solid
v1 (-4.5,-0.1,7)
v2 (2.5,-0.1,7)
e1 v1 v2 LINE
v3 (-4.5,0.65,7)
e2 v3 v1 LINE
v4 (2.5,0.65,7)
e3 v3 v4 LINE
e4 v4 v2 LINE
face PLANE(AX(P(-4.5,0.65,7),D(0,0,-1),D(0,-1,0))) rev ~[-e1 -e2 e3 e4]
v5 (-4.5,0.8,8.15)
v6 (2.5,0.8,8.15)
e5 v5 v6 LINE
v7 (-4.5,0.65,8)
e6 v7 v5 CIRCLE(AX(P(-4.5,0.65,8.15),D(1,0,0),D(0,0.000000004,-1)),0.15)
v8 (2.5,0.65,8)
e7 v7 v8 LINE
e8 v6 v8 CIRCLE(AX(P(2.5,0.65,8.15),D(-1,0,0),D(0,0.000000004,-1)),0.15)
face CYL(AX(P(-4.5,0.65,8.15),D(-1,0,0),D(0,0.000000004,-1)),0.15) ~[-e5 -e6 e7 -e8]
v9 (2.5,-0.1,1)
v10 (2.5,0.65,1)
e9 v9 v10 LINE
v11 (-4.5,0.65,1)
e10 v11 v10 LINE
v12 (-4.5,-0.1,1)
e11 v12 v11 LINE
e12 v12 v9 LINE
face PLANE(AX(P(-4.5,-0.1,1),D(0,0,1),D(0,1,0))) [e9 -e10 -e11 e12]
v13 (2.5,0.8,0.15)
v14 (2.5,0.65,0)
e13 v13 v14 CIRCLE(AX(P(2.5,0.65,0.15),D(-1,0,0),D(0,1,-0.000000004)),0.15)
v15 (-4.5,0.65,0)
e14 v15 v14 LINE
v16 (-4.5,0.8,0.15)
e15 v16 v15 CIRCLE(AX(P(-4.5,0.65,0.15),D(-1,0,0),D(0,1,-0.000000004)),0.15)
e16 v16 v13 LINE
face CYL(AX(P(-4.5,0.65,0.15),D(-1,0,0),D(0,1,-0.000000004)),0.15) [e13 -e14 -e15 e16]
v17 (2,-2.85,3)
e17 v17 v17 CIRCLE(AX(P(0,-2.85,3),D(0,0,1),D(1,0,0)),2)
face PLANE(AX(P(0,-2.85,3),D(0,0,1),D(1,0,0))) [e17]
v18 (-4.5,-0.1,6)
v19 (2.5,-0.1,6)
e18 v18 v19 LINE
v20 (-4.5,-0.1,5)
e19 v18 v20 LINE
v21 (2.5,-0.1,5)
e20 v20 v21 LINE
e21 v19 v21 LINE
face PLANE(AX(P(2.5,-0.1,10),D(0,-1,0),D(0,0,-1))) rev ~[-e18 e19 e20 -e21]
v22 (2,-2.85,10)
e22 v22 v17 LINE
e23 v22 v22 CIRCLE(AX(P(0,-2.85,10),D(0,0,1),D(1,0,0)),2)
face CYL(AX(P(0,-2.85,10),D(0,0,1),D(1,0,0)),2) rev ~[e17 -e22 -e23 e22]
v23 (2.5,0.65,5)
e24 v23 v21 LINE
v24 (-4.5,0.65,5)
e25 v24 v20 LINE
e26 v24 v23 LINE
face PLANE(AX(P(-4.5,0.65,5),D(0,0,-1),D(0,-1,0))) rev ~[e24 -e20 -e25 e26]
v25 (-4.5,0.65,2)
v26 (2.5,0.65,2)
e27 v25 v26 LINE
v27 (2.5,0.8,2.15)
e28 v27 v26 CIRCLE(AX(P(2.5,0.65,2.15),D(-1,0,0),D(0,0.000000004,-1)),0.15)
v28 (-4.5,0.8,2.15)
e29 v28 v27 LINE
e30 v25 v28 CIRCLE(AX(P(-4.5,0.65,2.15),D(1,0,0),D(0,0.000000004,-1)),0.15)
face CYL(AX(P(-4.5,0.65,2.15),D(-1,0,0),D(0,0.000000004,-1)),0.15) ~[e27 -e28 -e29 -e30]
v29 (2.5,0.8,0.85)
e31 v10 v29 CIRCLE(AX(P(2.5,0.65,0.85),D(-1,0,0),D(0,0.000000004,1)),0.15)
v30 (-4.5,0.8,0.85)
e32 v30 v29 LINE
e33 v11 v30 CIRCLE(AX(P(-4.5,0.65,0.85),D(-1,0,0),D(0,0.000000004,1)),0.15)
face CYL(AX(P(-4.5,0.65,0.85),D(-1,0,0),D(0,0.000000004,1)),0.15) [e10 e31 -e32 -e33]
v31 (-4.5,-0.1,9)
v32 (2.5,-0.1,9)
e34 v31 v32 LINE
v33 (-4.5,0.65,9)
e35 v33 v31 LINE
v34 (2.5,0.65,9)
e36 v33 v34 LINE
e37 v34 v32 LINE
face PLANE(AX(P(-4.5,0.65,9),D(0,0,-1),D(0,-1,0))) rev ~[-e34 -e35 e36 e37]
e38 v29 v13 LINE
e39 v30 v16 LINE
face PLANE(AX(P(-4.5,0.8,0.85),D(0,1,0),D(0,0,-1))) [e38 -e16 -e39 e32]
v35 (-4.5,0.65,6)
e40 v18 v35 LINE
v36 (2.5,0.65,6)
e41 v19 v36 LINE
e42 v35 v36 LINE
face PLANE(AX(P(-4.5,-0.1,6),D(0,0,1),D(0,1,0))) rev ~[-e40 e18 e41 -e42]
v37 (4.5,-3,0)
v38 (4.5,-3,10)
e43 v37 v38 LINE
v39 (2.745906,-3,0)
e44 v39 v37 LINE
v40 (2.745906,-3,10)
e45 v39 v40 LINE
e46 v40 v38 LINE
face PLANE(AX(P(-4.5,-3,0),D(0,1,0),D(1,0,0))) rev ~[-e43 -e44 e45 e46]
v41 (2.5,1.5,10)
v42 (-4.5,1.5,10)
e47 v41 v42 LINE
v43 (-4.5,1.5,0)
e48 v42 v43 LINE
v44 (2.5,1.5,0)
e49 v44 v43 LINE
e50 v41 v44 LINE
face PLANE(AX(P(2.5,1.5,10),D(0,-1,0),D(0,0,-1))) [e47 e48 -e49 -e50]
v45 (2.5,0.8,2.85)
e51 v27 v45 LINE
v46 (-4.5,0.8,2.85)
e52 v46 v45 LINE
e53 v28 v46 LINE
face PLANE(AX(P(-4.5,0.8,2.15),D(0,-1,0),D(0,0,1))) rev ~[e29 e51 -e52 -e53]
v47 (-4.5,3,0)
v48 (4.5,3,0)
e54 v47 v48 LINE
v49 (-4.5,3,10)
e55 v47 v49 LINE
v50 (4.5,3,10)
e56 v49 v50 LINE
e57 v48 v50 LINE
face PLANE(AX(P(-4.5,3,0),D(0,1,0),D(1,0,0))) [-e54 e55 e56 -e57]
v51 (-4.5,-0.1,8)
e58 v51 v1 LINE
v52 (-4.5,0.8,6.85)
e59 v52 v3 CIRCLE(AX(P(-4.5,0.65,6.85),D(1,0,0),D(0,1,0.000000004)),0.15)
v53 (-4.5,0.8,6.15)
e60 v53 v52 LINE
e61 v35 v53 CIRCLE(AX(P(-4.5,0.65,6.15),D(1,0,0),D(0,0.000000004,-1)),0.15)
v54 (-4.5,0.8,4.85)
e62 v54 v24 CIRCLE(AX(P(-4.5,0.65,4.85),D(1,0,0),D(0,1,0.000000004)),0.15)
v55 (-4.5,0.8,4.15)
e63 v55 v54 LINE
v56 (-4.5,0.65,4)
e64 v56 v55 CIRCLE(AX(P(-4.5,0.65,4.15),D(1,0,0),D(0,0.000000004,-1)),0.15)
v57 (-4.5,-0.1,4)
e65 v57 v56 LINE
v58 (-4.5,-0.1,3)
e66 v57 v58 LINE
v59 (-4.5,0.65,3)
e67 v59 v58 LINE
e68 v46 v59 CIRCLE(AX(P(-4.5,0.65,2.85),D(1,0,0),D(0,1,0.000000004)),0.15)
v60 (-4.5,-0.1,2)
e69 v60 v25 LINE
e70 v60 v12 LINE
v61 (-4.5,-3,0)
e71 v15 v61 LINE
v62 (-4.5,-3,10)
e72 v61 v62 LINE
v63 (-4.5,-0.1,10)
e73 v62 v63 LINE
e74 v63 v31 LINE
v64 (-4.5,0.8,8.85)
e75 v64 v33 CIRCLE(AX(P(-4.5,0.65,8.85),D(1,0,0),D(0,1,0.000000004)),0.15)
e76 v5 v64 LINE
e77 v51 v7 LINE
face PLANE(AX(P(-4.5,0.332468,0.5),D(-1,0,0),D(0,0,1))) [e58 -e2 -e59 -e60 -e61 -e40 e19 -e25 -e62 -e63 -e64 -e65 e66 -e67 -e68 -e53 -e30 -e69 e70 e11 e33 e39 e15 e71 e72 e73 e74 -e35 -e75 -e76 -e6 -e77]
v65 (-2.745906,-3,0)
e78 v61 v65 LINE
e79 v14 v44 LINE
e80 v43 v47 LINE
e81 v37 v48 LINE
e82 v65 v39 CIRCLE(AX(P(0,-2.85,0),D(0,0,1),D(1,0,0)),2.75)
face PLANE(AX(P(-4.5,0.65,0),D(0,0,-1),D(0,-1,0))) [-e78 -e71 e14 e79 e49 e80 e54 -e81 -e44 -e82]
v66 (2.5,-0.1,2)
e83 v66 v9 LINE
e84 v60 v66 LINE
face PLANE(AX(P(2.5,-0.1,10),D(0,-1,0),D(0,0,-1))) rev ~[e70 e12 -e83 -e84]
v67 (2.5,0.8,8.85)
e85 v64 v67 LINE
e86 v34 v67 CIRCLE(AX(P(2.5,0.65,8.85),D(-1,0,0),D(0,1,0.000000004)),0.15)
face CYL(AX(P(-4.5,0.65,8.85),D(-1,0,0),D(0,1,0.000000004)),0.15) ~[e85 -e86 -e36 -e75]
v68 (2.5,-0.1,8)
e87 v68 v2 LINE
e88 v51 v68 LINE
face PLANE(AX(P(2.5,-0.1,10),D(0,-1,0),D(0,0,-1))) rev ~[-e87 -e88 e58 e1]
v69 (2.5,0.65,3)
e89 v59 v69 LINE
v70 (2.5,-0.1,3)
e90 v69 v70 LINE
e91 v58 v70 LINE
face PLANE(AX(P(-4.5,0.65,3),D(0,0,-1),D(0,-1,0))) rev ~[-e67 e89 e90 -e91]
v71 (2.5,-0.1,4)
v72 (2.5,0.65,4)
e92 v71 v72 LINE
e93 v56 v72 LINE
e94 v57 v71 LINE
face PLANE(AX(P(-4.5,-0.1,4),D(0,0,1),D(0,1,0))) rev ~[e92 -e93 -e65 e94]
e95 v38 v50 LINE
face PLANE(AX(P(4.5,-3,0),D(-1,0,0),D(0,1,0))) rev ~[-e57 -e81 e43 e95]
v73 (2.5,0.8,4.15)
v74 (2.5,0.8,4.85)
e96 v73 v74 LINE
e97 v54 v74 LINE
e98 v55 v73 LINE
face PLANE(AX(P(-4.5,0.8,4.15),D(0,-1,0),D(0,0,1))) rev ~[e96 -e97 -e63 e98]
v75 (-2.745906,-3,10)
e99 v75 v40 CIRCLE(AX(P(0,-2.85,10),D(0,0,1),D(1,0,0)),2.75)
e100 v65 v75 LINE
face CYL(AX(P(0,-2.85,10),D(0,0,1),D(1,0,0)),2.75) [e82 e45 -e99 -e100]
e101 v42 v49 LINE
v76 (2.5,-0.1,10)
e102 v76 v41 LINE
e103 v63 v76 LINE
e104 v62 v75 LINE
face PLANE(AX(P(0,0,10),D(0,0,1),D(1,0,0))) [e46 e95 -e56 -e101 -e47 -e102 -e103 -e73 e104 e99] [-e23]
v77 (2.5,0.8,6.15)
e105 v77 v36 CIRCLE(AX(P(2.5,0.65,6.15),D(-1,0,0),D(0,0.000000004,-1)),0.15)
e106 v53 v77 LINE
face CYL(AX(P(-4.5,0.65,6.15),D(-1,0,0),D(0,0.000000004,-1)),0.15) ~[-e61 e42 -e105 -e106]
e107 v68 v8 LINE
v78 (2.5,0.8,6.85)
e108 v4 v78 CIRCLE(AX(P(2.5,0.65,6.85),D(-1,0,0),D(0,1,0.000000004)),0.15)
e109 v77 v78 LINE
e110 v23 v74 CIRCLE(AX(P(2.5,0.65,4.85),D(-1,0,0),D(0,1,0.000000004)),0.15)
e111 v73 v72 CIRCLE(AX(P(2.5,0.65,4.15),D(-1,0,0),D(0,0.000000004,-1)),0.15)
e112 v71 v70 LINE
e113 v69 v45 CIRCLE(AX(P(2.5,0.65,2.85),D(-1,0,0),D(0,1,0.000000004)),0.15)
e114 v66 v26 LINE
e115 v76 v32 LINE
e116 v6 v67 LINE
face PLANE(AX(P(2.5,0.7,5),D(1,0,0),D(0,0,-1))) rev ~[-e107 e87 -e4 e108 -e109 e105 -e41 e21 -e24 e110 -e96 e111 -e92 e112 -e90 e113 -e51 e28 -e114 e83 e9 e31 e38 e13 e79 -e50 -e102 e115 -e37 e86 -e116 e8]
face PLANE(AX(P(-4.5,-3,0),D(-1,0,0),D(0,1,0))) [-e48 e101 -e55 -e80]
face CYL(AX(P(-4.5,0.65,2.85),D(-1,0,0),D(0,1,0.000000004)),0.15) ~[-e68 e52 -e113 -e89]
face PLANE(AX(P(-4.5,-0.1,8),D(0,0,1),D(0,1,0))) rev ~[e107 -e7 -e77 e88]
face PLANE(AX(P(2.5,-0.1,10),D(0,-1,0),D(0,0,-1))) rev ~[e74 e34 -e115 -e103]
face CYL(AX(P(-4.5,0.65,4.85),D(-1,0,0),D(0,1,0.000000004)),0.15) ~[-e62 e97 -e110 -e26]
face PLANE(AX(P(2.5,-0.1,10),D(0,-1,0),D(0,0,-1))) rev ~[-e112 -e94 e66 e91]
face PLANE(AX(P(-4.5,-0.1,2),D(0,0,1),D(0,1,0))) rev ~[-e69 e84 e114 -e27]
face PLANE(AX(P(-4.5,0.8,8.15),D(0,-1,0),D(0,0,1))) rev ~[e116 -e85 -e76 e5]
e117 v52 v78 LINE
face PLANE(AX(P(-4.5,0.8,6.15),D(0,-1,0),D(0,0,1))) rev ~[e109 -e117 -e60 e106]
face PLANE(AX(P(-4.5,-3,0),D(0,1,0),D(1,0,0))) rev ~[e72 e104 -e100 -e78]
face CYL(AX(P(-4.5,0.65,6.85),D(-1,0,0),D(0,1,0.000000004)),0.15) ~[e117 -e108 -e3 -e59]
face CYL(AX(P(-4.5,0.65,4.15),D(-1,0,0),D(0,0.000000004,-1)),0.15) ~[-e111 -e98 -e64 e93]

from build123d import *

# Parameters (mm, degrees)
SKETCH1_W           = 9
SKETCH1_H           = 6
BOSS_EXTRUDE1_DEPTH = 10
CUT_EXTRUDE1_START  = -2
SKETCH2_W           = 10
SKETCH2_H           = 1.6
CUT_EXTRUDE1_DEPTH  = 7
SKETCH3_R           = 2.75
BOSS_EXTRUDE2_DEPTH = 10
SKETCH4_R           = 2
CUT_EXTRUDE2_DEPTH  = 7
BOSS_EXTRUDE3_REACH = 16.573


with BuildPart() as part:
    # Sketch1 → Boss-Extrude1 (new body)
    with BuildSketch(Plane.XY):
        Rectangle(SKETCH1_W, SKETCH1_H)
    extrude(amount=BOSS_EXTRUDE1_DEPTH)

    # Sketch2 → Cut-Extrude1 (cut)
    with BuildSketch(Plane(origin=(4.5, 0, 0), x_dir=(0, 0, -1), z_dir=(1, 0, 0)).offset(CUT_EXTRUDE1_START)):
        with Locations((-5, 0.7)):
            Rectangle(SKETCH2_W, SKETCH2_H)
    extrude(amount=-CUT_EXTRUDE1_DEPTH, mode=Mode.SUBTRACT)

    # Sketch3 → Boss-Extrude2 (add, through all)
    with BuildSketch(Plane.XY.offset(10)):
        with Locations((0, -2.85)):
            Circle(SKETCH3_R)
    extrude(amount=-BOSS_EXTRUDE2_DEPTH)

    # Sketch4 → Cut-Extrude2 (cut)
    with BuildSketch(Plane.XY.offset(10)):
        with Locations((0, -2.85)):
            Circle(SKETCH4_R)
    extrude(amount=-CUT_EXTRUDE2_DEPTH, mode=Mode.SUBTRACT)

    # Sketch5 → Boss-Extrude3 (add, up to next)
    with BuildSketch(Plane.ZY.offset(4.5), mode=Mode.PRIVATE) as boss_extrude3_sk1:
        with BuildLine():
            Line((0, -0.1), (1, -0.1))
            Line((1, -0.1), (1, 0.65))
            ThreePointArc((1, 0.65), (0.956066017, 0.756066017), (0.85, 0.8))
            Line((0.85, 0.8), (0.15, 0.8))
            ThreePointArc((0.15, 0.8), (0.043933983, 0.756066017), (0, 0.65))
            Line((0, 0.65), (0, -0.1))
        make_face()
    boss_extrude3_tool1 = extrude(boss_extrude3_sk1.sketch, amount=-BOSS_EXTRUDE3_REACH, mode=Mode.PRIVATE) - part.part
    # Sketch5 → Boss-Extrude3 (add, up to next)
    with BuildSketch(Plane.ZY.offset(4.5), mode=Mode.PRIVATE) as boss_extrude3_sk2:
        with BuildLine():
            Line((2, -0.1), (2, 0.65))
            ThreePointArc((2, 0.65), (2.043933983, 0.756066017), (2.15, 0.8))
            Line((2.15, 0.8), (2.85, 0.8))
            ThreePointArc((2.85, 0.8), (2.956066017, 0.756066017), (3, 0.65))
            Line((3, 0.65), (3, -0.1))
            Line((3, -0.1), (2, -0.1))
        make_face()
    boss_extrude3_tool2 = extrude(boss_extrude3_sk2.sketch, amount=-BOSS_EXTRUDE3_REACH, mode=Mode.PRIVATE) - part.part
    # Sketch5 → Boss-Extrude3 (add, up to next)
    with BuildSketch(Plane.ZY.offset(4.5), mode=Mode.PRIVATE) as boss_extrude3_sk3:
        with BuildLine():
            Line((4, -0.1), (4, 0.65))
            ThreePointArc((4, 0.65), (4.043933983, 0.756066017), (4.15, 0.8))
            Line((4.15, 0.8), (4.85, 0.8))
            ThreePointArc((4.85, 0.8), (4.956066017, 0.756066017), (5, 0.65))
            Line((5, 0.65), (5, -0.1))
            Line((5, -0.1), (4, -0.1))
        make_face()
    boss_extrude3_tool3 = extrude(boss_extrude3_sk3.sketch, amount=-BOSS_EXTRUDE3_REACH, mode=Mode.PRIVATE) - part.part
    # Sketch5 → Boss-Extrude3 (add, up to next)
    with BuildSketch(Plane.ZY.offset(4.5), mode=Mode.PRIVATE) as boss_extrude3_sk4:
        with BuildLine():
            Line((6, -0.1), (6, 0.65))
            ThreePointArc((6, 0.65), (6.043933983, 0.756066017), (6.15, 0.8))
            Line((6.15, 0.8), (6.85, 0.8))
            ThreePointArc((6.85, 0.8), (6.956066017, 0.756066017), (7, 0.65))
            Line((7, 0.65), (7, -0.1))
            Line((7, -0.1), (6, -0.1))
        make_face()
    boss_extrude3_tool4 = extrude(boss_extrude3_sk4.sketch, amount=-BOSS_EXTRUDE3_REACH, mode=Mode.PRIVATE) - part.part
    # Sketch5 → Boss-Extrude3 (add, up to next)
    with BuildSketch(Plane.ZY.offset(4.5), mode=Mode.PRIVATE) as boss_extrude3_sk5:
        with BuildLine():
            Line((8, -0.1), (8, 0.65))
            ThreePointArc((8, 0.65), (8.043933983, 0.756066017), (8.15, 0.8))
            Line((8.15, 0.8), (8.85, 0.8))
            ThreePointArc((8.85, 0.8), (8.956066017, 0.756066017), (9, 0.65))
            Line((9, 0.65), (9, -0.1))
            Line((9, -0.1), (8, -0.1))
        make_face()
    boss_extrude3_tool5 = extrude(boss_extrude3_sk5.sketch, amount=-BOSS_EXTRUDE3_REACH, mode=Mode.PRIVATE) - part.part
    add(boss_extrude3_tool1.solids().sort_by_distance((-4.5, 0.345482, 0.5))[0])
    add(boss_extrude3_tool2.solids().sort_by_distance((-4.5, 0.345482, 2.5))[0])
    add(boss_extrude3_tool3.solids().sort_by_distance((-4.5, 0.345482, 4.5))[0])
    add(boss_extrude3_tool4.solids().sort_by_distance((-4.5, 0.345482, 6.5))[0])
    add(boss_extrude3_tool5.solids().sort_by_distance((-4.5, 0.345482, 8.5))[0])


solid = part.part
